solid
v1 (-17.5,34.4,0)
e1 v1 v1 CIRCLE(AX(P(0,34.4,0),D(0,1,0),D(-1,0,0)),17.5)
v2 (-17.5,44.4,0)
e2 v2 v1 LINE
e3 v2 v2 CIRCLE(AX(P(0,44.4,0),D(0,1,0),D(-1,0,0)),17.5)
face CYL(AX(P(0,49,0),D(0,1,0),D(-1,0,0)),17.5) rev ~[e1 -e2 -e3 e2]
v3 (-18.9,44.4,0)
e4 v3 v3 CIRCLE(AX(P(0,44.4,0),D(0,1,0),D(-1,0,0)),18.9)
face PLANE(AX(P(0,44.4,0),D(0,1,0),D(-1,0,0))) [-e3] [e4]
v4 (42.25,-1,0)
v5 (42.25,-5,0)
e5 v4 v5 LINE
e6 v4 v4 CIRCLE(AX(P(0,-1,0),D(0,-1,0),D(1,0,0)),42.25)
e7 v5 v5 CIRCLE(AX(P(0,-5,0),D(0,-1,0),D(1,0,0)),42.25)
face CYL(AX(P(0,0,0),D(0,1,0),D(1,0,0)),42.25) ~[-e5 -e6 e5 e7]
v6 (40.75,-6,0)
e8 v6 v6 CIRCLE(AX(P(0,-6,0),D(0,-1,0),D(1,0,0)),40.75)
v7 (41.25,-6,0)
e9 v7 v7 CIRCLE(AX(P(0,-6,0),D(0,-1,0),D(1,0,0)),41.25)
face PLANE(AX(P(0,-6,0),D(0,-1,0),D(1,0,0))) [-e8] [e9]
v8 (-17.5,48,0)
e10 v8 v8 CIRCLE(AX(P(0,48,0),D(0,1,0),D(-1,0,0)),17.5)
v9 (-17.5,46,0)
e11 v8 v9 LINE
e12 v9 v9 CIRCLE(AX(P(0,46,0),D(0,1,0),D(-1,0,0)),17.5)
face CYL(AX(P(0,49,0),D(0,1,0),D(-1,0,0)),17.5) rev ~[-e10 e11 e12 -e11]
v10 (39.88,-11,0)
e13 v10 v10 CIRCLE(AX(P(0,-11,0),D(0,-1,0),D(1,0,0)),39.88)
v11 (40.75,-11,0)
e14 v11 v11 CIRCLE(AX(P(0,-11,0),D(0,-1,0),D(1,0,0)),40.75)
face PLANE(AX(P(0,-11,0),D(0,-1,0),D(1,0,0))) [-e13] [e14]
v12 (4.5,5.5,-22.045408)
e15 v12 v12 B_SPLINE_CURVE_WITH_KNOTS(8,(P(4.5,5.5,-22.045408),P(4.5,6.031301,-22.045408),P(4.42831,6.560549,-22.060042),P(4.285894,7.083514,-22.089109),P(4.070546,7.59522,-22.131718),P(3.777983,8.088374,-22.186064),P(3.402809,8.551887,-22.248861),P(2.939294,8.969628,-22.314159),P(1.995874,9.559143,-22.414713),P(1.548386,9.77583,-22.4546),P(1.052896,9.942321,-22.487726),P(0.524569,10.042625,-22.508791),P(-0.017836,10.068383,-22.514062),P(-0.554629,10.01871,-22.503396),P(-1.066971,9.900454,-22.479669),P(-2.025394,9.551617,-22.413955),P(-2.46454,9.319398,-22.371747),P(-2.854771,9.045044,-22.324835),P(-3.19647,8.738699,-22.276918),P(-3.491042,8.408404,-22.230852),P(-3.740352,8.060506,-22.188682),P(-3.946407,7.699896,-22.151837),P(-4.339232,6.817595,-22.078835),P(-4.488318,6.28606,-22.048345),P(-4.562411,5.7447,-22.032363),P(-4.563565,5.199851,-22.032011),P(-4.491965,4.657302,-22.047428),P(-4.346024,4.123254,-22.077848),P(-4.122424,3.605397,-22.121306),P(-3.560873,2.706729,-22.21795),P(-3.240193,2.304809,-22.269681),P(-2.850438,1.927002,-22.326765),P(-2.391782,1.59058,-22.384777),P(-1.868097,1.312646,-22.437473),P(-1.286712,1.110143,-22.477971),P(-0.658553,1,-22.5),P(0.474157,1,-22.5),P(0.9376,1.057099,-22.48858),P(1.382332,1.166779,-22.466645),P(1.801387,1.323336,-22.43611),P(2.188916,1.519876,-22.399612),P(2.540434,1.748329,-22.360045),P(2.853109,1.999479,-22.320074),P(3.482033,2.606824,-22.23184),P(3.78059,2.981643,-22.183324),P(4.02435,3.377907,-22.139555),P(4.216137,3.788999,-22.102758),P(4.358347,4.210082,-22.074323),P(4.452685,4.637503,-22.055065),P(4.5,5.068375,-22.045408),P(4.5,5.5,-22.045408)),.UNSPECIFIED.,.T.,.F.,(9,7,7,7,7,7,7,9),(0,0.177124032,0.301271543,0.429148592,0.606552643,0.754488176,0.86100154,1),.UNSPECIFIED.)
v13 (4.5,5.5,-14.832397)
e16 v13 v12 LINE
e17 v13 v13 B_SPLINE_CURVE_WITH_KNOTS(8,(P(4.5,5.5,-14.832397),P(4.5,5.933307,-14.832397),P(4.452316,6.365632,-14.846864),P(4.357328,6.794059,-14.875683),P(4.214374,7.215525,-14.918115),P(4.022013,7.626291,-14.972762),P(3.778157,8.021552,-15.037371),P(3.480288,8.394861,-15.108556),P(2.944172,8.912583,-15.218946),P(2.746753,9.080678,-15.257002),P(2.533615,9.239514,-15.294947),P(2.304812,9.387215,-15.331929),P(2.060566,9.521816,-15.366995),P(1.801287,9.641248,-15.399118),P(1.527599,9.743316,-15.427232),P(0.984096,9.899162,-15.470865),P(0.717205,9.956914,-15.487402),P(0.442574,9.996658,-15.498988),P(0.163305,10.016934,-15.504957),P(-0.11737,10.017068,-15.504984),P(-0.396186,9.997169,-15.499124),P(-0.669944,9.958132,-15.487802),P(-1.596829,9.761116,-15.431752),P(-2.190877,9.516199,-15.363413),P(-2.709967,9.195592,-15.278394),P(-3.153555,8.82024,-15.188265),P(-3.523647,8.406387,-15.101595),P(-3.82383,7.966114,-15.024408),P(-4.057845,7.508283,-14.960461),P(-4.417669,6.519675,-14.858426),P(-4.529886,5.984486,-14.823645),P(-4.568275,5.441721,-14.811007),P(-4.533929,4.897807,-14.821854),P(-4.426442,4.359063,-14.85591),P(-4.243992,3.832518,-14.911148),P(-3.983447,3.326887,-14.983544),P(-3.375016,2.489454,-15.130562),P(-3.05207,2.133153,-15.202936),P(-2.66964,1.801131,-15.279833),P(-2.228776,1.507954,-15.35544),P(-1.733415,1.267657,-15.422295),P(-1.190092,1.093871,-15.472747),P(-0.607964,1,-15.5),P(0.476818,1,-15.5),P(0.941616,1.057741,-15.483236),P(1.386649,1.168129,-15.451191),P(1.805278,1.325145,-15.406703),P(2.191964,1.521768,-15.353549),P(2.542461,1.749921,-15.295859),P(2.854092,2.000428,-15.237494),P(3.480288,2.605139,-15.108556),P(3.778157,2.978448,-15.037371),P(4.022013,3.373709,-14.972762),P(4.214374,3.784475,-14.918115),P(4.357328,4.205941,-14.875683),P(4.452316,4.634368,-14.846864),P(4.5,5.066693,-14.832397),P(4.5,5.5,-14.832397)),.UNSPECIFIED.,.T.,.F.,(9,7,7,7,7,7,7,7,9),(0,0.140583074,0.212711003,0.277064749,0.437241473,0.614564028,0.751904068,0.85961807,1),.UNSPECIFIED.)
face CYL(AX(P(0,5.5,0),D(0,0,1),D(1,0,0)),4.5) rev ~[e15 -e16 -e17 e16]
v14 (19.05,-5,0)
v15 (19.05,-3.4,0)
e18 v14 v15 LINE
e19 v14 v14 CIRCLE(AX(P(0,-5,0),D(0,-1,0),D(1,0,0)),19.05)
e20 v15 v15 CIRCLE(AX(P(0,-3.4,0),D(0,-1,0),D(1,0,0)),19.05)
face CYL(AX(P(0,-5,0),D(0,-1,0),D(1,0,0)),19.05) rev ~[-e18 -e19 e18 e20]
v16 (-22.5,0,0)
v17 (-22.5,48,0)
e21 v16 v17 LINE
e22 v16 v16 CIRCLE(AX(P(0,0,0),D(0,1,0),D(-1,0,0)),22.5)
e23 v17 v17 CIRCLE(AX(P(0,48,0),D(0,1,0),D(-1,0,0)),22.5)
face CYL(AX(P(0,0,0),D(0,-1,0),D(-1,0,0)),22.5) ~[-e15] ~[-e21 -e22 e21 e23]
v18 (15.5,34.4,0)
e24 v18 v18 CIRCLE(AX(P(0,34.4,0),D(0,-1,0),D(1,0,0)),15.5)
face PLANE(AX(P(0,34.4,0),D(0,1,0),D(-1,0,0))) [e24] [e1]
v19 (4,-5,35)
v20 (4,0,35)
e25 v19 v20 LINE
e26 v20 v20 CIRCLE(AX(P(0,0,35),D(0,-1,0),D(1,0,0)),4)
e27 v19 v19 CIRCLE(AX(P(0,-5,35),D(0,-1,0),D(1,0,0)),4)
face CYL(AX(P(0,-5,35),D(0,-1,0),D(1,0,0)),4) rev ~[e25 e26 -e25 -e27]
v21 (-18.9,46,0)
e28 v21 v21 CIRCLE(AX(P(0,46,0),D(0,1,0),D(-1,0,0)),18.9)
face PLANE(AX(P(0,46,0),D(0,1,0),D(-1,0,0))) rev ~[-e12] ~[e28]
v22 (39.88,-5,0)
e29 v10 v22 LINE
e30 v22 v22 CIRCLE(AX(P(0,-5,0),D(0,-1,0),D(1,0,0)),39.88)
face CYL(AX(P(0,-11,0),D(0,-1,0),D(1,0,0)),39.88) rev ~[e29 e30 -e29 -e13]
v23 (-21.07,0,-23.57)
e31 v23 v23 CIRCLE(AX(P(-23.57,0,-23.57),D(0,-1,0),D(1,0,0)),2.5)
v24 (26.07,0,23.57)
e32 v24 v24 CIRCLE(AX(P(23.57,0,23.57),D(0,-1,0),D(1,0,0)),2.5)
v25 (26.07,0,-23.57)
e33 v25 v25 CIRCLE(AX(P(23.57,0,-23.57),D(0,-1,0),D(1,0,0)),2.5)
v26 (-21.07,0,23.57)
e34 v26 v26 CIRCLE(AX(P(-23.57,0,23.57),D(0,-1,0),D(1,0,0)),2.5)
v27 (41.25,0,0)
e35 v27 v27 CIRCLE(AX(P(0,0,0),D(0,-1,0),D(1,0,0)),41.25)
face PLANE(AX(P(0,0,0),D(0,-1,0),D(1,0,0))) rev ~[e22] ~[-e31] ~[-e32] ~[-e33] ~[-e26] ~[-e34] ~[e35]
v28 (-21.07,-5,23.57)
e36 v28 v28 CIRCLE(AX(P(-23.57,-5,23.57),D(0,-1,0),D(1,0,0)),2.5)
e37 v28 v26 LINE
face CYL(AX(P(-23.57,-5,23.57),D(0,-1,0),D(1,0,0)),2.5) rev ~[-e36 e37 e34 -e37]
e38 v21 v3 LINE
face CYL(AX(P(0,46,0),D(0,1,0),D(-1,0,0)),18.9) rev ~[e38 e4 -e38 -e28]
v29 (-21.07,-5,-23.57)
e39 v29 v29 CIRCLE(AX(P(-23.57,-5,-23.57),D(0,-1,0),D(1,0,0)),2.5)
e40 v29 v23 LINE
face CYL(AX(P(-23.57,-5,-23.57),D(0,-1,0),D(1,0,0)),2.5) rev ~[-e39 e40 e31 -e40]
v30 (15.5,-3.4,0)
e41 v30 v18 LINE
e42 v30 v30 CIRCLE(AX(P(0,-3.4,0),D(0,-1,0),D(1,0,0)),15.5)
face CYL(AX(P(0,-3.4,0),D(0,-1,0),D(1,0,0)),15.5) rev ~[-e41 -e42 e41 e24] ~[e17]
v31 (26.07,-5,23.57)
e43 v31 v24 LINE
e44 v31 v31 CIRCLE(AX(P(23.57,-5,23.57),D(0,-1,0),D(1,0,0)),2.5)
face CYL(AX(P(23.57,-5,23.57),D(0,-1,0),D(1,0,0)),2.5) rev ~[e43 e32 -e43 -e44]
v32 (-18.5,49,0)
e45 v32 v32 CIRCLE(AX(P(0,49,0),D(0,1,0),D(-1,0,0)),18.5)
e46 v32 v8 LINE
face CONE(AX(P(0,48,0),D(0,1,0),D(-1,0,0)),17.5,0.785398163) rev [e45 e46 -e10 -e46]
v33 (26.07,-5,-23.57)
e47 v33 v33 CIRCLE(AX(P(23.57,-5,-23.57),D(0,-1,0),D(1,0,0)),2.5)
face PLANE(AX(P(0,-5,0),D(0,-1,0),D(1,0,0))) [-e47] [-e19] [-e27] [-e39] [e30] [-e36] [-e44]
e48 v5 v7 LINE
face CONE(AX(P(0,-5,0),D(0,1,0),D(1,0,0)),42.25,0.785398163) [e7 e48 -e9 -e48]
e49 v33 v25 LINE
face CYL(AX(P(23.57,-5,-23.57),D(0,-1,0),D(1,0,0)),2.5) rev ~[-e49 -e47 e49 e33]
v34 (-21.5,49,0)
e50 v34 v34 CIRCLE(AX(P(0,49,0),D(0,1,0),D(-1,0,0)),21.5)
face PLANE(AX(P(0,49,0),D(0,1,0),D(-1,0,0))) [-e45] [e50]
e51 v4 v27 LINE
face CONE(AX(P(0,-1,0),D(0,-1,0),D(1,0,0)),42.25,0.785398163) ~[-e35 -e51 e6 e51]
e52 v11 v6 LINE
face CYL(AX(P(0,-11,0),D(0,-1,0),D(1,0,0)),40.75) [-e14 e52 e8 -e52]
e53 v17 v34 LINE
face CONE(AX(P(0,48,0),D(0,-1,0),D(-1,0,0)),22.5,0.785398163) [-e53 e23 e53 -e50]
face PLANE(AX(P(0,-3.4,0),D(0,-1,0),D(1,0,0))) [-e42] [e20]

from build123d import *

# Parameters (mm, degrees)
F0_R      = 42.25
F1_DEPTH  = 11
F2_R      = 42.25
F2_R_2    = 40.75
F3_DEPTH  = 5
F4_R      = 39.88
F5_DEPTH  = 6
F6_R      = 2.5
F6_R_2    = 4
F7_DEPTH  = 5.001
F8_R      = 19.05
F9_DEPTH  = 1.6
F10_R     = 22.5
F11_DEPTH = 49
F12_R     = 15.5
F13_DEPTH = 52.401
F14_R     = 17.5
F14_R_2   = 15.5
F15_DEPTH = 14.6
F17_R     = 18.9
F18_DEPTH = 1.6
F19_SIZE  = 1
F20_R     = 4.5
F21_DEPTH = 42.251


with BuildPart() as f1:
    # F0 (on Front) → F1 (new body)
    with BuildSketch(Plane.XZ):
        Circle(F0_R)
    extrude(amount=F1_DEPTH)

    # F2 (on face) → F3 (cut)
    with BuildSketch(Plane.XZ.offset(11)):
        Circle(F2_R)
        Circle(F2_R_2, mode=Mode.SUBTRACT)
    extrude(amount=-F3_DEPTH, mode=Mode.SUBTRACT)

    # F4 (on face) → F5 (cut)
    with BuildSketch(Plane.XZ.offset(11)):
        Circle(F4_R)
    extrude(amount=-F5_DEPTH, mode=Mode.SUBTRACT)

    # F6 (on face) → F7 (cut, through all)
    with BuildSketch(Plane.XZ.offset(5)):
        with Locations((-23.57, 23.57)):
            Circle(F6_R)
        with Locations((23.57, 23.57)):
            Circle(F6_R)
        with Locations((23.57, -23.57)):
            Circle(F6_R)
        with Locations((-23.57, -23.57)):
            Circle(F6_R)
        with Locations((0, 35)):
            Circle(F6_R_2)
    extrude(amount=-F7_DEPTH, mode=Mode.SUBTRACT)

    # F8 (on face) → F9 (cut)
    with BuildSketch(Plane.XZ.offset(5)):
        Circle(F8_R)
    extrude(amount=-F9_DEPTH, mode=Mode.SUBTRACT)

    # F10 (on face) → F11 (join)
    with BuildSketch(Plane(origin=(0, 0, 0), x_dir=(-1, 0, 0), z_dir=(0, 1, 0))):
        Circle(F10_R)
    extrude(amount=F11_DEPTH)

    # F12 (on face) → F13 (cut, through all)
    with BuildSketch(Plane.XZ.offset(3.4)):
        Circle(F12_R)
    extrude(amount=-F13_DEPTH, mode=Mode.SUBTRACT)

    # F14 (on face) → F15 (cut)
    with BuildSketch(Plane(origin=(0, 49, 0), x_dir=(-1, 0, 0), z_dir=(0, 1, 0))):
        Circle(F14_R)
        Circle(F14_R_2, mode=Mode.SUBTRACT)
    extrude(amount=-F15_DEPTH, mode=Mode.SUBTRACT)

    # F17 (on offset) → F18 (cut)
    with BuildSketch(Plane(origin=(0, 46, 0), x_dir=(-1, 0, 0), z_dir=(0, 1, 0))):
        Circle(F17_R)
    extrude(amount=-F18_DEPTH, mode=Mode.SUBTRACT)

    # F19
    f19_edges = [f1.edges().sort_by_distance(p)[0] for p in [
        (22.5, 49, 0),
        (17.5, 49, 0),
        (-42.25, 0, 0),
        (-42.25, -6, 0),
    ]]
    chamfer(f19_edges, length=F19_SIZE)

    # F20 (on Top) → F21 (cut, through all)
    with BuildSketch(Plane.XY):
        with Locations((0, 5.5)):
            Circle(F20_R)
    extrude(amount=-F21_DEPTH, mode=Mode.SUBTRACT)


solid = f1.part
